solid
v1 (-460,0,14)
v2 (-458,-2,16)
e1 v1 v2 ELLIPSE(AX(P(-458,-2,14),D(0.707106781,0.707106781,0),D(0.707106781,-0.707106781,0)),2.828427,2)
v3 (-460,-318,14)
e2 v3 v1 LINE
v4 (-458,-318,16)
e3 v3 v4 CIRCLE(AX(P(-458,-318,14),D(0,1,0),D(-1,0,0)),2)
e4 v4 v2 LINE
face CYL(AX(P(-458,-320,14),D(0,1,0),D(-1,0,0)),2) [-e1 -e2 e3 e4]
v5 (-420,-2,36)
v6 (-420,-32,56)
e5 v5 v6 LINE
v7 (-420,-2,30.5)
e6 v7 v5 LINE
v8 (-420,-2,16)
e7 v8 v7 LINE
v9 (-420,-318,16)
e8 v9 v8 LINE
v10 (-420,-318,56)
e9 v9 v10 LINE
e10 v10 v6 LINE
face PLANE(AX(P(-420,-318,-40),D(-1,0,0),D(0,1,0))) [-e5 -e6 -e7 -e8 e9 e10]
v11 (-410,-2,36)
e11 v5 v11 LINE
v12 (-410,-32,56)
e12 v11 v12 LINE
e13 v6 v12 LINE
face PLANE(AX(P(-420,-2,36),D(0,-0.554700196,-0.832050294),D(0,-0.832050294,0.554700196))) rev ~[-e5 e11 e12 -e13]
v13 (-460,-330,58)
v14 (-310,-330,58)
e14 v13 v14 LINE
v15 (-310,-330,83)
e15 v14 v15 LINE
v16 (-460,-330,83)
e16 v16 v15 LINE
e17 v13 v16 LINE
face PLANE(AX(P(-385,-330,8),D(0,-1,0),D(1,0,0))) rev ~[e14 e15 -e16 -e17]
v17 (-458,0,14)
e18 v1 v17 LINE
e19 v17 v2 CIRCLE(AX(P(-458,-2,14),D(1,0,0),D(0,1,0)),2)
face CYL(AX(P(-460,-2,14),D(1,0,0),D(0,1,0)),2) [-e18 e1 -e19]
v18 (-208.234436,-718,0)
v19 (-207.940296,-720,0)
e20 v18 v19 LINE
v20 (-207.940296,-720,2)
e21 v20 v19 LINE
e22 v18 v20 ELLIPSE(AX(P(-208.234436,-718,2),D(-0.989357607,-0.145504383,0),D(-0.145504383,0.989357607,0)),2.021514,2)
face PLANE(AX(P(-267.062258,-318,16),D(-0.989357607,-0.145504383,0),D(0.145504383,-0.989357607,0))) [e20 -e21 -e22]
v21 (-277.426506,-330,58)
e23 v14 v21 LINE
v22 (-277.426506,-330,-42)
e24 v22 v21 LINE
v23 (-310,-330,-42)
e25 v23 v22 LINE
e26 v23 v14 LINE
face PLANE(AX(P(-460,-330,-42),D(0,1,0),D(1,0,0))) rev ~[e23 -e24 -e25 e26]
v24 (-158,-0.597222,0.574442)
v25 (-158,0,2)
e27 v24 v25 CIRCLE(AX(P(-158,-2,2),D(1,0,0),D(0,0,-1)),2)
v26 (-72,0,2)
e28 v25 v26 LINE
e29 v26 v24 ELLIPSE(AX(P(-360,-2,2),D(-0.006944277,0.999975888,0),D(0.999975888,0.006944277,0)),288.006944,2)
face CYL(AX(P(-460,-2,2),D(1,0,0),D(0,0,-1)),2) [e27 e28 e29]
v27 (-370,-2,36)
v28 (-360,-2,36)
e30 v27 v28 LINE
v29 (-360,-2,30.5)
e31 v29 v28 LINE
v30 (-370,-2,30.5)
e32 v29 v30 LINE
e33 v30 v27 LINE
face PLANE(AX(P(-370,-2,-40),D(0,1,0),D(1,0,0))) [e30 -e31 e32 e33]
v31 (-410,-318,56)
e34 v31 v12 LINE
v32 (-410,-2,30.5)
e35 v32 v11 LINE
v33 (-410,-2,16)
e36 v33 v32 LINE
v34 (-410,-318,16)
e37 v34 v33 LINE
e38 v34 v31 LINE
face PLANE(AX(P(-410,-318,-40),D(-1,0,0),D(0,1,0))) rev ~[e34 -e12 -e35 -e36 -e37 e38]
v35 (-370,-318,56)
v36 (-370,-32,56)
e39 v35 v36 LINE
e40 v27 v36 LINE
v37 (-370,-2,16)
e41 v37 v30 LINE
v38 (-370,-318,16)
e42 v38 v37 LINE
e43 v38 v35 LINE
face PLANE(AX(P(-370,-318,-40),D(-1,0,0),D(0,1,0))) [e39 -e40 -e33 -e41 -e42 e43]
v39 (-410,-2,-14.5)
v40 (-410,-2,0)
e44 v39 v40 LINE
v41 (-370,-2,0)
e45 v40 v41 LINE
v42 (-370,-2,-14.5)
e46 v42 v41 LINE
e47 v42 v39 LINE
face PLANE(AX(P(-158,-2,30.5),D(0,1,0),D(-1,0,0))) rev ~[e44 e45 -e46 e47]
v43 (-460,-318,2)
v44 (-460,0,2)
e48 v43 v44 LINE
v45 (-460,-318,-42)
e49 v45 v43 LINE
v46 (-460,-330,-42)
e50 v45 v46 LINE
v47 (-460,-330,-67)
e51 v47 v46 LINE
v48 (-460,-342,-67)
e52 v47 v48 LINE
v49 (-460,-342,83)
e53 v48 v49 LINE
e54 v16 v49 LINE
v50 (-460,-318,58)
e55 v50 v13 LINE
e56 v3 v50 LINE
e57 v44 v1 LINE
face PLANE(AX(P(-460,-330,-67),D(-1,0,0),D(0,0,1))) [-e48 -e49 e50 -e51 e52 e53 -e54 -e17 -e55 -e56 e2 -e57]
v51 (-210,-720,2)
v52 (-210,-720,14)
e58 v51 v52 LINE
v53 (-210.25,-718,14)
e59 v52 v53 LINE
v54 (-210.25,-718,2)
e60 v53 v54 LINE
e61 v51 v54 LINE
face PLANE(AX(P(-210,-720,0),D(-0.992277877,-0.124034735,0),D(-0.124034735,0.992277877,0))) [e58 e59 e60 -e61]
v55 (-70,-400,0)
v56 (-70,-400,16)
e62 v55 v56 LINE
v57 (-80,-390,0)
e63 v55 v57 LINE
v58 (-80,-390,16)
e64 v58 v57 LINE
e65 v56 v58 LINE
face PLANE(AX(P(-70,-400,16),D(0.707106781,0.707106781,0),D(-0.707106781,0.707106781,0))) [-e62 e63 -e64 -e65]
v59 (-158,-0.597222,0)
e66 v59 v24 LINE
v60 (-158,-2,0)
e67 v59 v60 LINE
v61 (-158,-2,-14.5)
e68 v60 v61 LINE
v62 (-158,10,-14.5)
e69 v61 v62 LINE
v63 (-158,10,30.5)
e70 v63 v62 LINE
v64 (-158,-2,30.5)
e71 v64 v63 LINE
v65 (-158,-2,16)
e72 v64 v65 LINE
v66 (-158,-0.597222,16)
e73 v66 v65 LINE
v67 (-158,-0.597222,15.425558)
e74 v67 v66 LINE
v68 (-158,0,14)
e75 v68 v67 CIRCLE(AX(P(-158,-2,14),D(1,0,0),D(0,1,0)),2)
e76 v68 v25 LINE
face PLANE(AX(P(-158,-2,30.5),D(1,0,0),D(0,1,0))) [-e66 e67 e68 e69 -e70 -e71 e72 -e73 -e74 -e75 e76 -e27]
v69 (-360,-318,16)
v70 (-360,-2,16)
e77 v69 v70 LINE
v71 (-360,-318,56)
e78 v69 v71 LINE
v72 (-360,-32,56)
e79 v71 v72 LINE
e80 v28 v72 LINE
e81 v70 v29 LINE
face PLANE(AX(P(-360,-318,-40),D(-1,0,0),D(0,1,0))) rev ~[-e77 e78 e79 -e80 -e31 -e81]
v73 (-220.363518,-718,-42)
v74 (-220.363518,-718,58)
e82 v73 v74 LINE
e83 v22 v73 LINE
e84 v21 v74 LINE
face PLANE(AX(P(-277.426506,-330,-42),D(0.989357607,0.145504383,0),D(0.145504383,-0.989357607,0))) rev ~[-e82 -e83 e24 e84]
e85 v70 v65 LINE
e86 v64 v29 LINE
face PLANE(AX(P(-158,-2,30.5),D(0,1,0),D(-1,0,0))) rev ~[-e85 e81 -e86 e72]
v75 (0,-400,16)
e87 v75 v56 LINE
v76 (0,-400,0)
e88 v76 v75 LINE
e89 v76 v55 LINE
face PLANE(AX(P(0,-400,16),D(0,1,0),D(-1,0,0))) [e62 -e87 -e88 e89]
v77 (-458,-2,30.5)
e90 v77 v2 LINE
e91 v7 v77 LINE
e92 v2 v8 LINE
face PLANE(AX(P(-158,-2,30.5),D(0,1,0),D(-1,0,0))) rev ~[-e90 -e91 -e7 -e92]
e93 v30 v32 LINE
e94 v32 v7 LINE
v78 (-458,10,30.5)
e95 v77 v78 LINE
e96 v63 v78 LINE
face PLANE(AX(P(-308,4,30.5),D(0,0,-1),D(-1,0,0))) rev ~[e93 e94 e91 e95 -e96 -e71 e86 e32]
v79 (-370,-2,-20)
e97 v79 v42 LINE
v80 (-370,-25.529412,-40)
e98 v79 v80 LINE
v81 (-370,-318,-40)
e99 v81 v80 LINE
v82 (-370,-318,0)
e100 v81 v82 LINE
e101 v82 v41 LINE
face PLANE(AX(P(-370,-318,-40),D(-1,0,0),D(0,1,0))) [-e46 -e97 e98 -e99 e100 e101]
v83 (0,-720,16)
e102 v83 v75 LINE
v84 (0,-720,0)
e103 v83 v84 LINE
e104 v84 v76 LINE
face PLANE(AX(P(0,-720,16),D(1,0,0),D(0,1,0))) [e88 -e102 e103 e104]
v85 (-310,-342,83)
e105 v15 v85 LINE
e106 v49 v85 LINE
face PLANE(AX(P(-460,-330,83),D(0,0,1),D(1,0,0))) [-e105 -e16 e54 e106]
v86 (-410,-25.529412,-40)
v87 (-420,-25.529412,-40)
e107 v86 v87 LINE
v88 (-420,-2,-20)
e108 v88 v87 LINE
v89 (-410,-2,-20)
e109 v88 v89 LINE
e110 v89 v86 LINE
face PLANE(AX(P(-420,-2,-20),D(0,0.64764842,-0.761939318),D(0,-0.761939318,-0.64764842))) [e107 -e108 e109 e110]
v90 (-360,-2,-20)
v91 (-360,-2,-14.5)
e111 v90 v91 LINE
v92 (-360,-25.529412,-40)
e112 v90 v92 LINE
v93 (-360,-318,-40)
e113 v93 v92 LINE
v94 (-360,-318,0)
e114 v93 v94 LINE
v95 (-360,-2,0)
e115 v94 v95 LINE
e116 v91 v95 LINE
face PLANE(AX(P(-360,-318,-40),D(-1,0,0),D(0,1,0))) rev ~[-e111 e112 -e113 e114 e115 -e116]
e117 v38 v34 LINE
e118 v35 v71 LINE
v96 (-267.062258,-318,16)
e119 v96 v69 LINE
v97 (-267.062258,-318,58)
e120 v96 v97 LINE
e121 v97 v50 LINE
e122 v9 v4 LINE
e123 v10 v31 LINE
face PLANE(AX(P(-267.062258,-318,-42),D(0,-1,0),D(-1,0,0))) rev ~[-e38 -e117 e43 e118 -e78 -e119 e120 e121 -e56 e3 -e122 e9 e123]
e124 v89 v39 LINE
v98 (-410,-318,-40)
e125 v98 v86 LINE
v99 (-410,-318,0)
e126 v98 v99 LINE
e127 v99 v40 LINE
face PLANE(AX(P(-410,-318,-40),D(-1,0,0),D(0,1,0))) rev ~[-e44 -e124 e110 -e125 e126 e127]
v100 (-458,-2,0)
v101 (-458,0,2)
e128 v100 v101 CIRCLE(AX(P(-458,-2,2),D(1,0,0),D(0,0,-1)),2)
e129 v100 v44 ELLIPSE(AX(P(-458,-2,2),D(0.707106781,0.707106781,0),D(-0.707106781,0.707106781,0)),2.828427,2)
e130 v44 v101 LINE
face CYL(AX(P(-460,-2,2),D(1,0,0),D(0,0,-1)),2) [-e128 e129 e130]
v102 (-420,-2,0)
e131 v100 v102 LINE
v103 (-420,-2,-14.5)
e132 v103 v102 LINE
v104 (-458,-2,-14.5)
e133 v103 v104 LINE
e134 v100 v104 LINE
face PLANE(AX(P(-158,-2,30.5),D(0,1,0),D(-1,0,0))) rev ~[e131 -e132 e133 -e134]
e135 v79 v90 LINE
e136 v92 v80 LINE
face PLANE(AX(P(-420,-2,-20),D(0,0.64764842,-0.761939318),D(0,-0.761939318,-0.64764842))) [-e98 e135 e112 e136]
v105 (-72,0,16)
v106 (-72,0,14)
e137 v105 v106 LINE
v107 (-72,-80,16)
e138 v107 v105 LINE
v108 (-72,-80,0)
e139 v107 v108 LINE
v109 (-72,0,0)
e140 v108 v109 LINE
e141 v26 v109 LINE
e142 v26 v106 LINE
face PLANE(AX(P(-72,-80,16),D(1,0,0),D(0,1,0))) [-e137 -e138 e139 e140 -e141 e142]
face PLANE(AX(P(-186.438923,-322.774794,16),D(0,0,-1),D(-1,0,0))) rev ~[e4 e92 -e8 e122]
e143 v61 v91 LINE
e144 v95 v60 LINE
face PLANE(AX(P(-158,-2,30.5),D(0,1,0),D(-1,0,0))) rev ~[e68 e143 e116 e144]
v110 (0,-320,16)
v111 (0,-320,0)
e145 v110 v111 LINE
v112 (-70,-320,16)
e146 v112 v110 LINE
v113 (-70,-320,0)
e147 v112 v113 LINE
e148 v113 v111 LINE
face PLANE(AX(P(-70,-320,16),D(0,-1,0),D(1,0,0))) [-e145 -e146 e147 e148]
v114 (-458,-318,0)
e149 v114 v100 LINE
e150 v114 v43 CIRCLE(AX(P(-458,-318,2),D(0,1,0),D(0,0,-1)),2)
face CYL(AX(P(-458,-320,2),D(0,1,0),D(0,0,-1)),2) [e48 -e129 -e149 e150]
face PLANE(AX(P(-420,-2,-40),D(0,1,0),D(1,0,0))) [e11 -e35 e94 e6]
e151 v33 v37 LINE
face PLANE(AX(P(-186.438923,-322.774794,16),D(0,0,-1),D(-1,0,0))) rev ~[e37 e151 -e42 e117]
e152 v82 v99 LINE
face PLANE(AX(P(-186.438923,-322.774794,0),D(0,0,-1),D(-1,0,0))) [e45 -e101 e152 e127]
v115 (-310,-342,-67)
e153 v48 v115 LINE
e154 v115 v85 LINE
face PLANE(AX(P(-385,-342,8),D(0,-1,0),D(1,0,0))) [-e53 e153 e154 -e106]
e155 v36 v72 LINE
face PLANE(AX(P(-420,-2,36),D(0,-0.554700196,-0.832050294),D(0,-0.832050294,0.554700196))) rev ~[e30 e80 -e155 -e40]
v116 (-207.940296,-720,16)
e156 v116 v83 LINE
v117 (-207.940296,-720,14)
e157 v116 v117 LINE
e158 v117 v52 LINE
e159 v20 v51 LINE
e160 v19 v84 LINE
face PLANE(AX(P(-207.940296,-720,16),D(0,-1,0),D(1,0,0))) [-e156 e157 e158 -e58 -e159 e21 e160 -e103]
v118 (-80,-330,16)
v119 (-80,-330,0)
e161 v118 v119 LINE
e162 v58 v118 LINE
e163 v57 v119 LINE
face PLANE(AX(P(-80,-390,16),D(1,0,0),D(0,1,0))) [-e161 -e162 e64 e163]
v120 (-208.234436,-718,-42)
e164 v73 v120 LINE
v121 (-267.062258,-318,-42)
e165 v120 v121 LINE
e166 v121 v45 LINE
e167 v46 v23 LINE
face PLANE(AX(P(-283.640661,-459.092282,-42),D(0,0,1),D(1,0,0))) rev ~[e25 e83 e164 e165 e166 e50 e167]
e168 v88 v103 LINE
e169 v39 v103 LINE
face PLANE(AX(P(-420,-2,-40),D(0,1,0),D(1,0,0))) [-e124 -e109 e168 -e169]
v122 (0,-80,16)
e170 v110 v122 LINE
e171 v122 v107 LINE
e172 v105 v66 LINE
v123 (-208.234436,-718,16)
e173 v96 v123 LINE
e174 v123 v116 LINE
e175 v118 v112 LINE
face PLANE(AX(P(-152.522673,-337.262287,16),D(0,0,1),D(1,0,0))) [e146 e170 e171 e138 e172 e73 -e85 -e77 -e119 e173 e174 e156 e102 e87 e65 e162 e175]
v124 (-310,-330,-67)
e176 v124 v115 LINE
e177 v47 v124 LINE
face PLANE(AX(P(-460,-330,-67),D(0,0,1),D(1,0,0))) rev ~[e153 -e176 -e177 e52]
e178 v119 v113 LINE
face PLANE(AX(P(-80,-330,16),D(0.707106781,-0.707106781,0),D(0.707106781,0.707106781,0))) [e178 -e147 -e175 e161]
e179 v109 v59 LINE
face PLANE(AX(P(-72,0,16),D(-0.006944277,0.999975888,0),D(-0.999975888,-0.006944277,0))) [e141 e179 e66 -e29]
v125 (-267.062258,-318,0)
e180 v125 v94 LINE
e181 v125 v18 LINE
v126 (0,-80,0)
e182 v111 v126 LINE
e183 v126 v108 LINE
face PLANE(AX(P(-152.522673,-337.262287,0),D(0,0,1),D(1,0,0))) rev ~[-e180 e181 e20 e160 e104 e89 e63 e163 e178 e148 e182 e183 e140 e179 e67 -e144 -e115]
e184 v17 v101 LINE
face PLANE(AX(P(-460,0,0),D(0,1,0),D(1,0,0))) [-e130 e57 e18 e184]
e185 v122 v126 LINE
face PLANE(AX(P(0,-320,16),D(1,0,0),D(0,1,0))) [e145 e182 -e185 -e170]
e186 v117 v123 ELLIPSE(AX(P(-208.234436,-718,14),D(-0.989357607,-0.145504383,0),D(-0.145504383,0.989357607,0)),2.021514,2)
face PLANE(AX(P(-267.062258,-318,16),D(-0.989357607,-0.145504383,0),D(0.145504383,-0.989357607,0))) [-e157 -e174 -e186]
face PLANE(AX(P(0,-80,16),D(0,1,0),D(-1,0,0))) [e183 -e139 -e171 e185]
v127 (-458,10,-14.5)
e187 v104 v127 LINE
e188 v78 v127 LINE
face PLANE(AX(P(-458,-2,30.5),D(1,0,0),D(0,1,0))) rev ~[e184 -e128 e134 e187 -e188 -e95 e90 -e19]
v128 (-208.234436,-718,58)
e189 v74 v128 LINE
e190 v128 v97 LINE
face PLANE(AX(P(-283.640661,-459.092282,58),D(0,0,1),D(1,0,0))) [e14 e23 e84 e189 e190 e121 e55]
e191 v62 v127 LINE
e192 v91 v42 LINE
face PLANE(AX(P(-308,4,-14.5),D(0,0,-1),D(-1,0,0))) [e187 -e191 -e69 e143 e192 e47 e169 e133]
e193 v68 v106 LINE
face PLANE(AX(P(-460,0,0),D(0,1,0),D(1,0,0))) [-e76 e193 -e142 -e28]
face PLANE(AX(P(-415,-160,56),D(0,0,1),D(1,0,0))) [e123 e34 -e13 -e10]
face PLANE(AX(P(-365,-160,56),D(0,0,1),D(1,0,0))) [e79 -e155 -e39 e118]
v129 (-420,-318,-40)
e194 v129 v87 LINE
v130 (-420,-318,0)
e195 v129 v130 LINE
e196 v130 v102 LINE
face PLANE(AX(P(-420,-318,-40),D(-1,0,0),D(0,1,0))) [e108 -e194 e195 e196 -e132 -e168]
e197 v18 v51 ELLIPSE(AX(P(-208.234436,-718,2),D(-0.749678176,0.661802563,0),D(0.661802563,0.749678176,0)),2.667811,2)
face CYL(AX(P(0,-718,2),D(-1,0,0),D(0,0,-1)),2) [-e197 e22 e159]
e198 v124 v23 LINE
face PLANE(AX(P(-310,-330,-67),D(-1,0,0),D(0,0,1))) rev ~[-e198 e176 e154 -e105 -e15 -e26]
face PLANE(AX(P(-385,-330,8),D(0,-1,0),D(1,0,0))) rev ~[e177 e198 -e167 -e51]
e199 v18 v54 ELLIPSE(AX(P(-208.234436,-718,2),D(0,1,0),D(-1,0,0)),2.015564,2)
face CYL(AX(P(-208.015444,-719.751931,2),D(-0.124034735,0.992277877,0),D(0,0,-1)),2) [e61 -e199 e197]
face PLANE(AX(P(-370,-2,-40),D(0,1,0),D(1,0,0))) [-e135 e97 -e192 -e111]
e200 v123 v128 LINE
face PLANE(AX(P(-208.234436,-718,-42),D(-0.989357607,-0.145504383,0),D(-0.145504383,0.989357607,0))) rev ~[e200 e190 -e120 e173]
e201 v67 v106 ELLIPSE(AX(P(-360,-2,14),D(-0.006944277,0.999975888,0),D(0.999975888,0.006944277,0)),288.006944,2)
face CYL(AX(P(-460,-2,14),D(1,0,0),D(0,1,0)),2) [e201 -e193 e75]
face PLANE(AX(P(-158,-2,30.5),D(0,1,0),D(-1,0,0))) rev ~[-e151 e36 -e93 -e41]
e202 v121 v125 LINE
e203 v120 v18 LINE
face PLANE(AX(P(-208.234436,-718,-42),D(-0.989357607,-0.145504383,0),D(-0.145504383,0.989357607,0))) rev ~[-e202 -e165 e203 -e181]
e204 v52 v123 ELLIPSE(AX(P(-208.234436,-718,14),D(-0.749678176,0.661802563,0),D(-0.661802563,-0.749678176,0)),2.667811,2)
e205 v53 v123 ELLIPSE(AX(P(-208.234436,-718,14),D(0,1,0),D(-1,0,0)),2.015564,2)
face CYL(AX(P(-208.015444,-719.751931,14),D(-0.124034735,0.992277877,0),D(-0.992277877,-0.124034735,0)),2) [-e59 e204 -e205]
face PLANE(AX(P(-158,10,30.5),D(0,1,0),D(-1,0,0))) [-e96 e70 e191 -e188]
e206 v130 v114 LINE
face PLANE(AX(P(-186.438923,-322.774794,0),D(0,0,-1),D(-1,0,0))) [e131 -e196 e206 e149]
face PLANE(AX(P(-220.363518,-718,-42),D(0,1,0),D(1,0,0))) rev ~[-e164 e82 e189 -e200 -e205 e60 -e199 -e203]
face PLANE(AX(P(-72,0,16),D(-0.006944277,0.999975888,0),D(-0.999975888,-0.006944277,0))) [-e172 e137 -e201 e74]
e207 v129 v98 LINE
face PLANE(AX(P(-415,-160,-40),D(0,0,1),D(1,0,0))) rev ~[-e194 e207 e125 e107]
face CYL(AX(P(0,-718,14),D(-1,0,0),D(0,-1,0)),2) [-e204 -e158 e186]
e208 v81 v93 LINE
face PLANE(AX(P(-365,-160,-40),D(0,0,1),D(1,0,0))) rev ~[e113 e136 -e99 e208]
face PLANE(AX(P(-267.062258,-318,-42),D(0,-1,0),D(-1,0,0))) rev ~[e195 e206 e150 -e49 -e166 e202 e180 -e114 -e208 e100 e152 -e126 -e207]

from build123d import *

# Parameters (mm, degrees)
SKETCH_1_R           = 13
SKETCH_1_R_2         = 37.5
EXTRUDE_1417_DEPTH   = 16
FILLET_1_R           = 2
FILLET_2_R           = 2
EXTRUDE_2_DEPTH      = 40
EXTRUDE_2_DEPTH_BACK = 56
SKETCH_3_W           = 10
SKETCH_3_H           = 316
CUT_EXTRUDE_1_DEPTH  = 836.425640018
CUT_EXTRUDE_2_DEPTH  = 836.425640018
EXTRUDE_5_DEPTH      = 42
EXTRUDE_5_DEPTH_BACK = 58
EXTRUDE_6_DEPTH      = 14.5
EXTRUDE_6_DEPTH_BACK = 30.5
SKETCH_7_W           = 300
SKETCH_7_H           = 12
SKETCH_8_W           = 150
SKETCH_8_H           = 150
EXTRUDE_7_DEPTH      = 12
EXTRUDE_8_DEPTH      = 16


with BuildPart() as part:
    # 草图1 → Extrude 1417 (new body)
    with BuildSketch(Plane.XY):
        with BuildLine():
            Line((0, -320), (-70, -320))
            ThreePointArc((-70, -320), (-77.071067812, -322.928932188), (-80, -330))
            Line((-80, -330), (-80, -390))
            ThreePointArc((-80, -390), (-77.071067812, -397.071067812), (-70, -400))
            Line((-70, -400), (0, -400))
            Line((0, -400), (0, -720))
            Line((0, -720), (-210, -720))
            Line((-210, -720), (-259.124034735, -327.007722123))
            ThreePointArc((-259.124034735, -327.007722123), (-261.767837242, -322.002574593), (-267.062257748, -320))
            Line((-267.062257748, -320), (-460, -320))
            Line((-460, -320), (-460, 0))
            Line((-460, 0), (-72, 0))
            Line((-72, 0), (-72, -80))
            Line((-72, -80), (0, -80))
            Line((0, -80), (0, -320))
        make_face()
        with Locations((-112, -40)):
            Circle(SKETCH_1_R, mode=Mode.SUBTRACT)
        with Locations((-112, -120)):
            Circle(SKETCH_1_R, mode=Mode.SUBTRACT)
        with Locations((-112, -200)):
            Circle(SKETCH_1_R, mode=Mode.SUBTRACT)
        with Locations((-112, -280)):
            Circle(SKETCH_1_R, mode=Mode.SUBTRACT)
        with Locations((-40, -160)):
            Circle(SKETCH_1_R, mode=Mode.SUBTRACT)
        with Locations((-40, -240)):
            Circle(SKETCH_1_R, mode=Mode.SUBTRACT)
        with Locations((-40, -680)):
            Circle(SKETCH_1_R, mode=Mode.SUBTRACT)
        with Locations((-40, -600)):
            Circle(SKETCH_1_R, mode=Mode.SUBTRACT)
        with Locations((-40, -520)):
            Circle(SKETCH_1_R, mode=Mode.SUBTRACT)
        with Locations((-112, -640)):
            Circle(SKETCH_1_R, mode=Mode.SUBTRACT)
        with Locations((-112, -560)):
            Circle(SKETCH_1_R, mode=Mode.SUBTRACT)
        with Locations((-112, -480)):
            Circle(SKETCH_1_R, mode=Mode.SUBTRACT)
        with Locations((-260, -110)):
            Circle(SKETCH_1_R_2, mode=Mode.SUBTRACT)
    extrude(amount=EXTRUDE_1417_DEPTH)

    # 圆角1
    fillet_1_edges = [part.edges().sort_by_distance(p)[0] for p in [
        (-105, -720, 16),
        (0, -560, 16),
        (-35, -400, 16),
        (-77.071067812, -397.071067812, 16),
        (-80, -360, 16),
        (-77.071067812, -322.928932188, 16),
        (-35, -320, 16),
        (0, -200, 16),
        (-36, -80, 16),
        (-125, -40, 16),
        (-72, -40, 16),
        (-261.767837242, -322.002574593, 16),
        (-266, 0, 16),
        (-125, -120, 16),
        (-460, -160, 16),
        (-125, -200, 16),
        (-363.531128874, -320, 16),
        (-125, -280, 16),
        (-53, -160, 16),
        (-53, -240, 16),
        (-53, -680, 16),
        (-53, -600, 16),
        (-53, -520, 16),
        (-234.562017367, -523.503861062, 16),
        (-125, -640, 16),
        (-125, -560, 16),
        (-125, -480, 16),
        (-297.5, -110, 16),
    ]]
    fillet(fillet_1_edges, radius=FILLET_1_R)

    # 圆角2
    fillet_2_edges = [part.edges().sort_by_distance(p)[0] for p in [
        (-363.531128874, -320, 0),
        (-460, -160, 0),
        (-266, 0, 0),
        (-72, -40, 0),
        (-36, -80, 0),
        (0, -200, 0),
        (-35, -320, 0),
        (-77.071067812, -322.928932188, 0),
        (-80, -360, 0),
        (-77.071067812, -397.071067812, 0),
        (-35, -400, 0),
        (0, -560, 0),
        (-105, -720, 0),
        (-234.562017367, -523.503861062, 0),
        (-261.767837242, -322.002574593, 0),
        (-125, -40, 0),
        (-125, -120, 0),
        (-125, -200, 0),
        (-125, -280, 0),
        (-53, -160, 0),
        (-53, -240, 0),
        (-53, -680, 0),
        (-53, -600, 0),
        (-53, -520, 0),
        (-125, -640, 0),
        (-125, -560, 0),
        (-125, -480, 0),
        (-297.5, -110, 0),
    ]]
    fillet(fillet_2_edges, radius=FILLET_2_R)

    # 草图3 → 凸台-拉伸2 (add, two sides: drawn at the far end of the back side and taken through both)
    with BuildSketch(Plane.XY.offset(16).offset(-EXTRUDE_2_DEPTH_BACK)):
        with Locations((-415, -160)):
            Rectangle(SKETCH_3_W, SKETCH_3_H)
        with Locations((-365, -160)):
            Rectangle(SKETCH_3_W, SKETCH_3_H)
    extrude(amount=EXTRUDE_2_DEPTH + EXTRUDE_2_DEPTH_BACK)

    # 草图4 → 切除-拉伸1 (cut, through all)
    with BuildSketch(Plane.ZY.offset(420)):
        Polygon((-20, -2), (-45.5, -32), (-45.5, -2), align=None)
    extrude(amount=-CUT_EXTRUDE_1_DEPTH, mode=Mode.SUBTRACT)

    # 草图5 → 切除-拉伸2 (cut, through all)
    with BuildSketch(Plane.ZY.offset(420)):
        Polygon((36, -2), (56, -32), (56, -2), align=None)
    extrude(amount=-CUT_EXTRUDE_2_DEPTH, mode=Mode.SUBTRACT)

    # 草图6 → 凸台-拉伸5 (add, two sides: drawn at the far end of the back side and taken through both)
    with BuildSketch(Plane.XY.offset(16).offset(-EXTRUDE_5_DEPTH_BACK)):
        Polygon((-267.062257748, -318), (-460, -318), (-460, -330), (-277.426505546, -330), (-220.363518026, -718), (-208.234435563, -718), align=None)
    extrude(amount=EXTRUDE_5_DEPTH + EXTRUDE_5_DEPTH_BACK)

    # 草图7 → 凸台-拉伸6 (add, two sides: drawn at the far end of the back side and taken through both)
    with BuildSketch(Plane(origin=(0, 0, 0), x_dir=(-1, 0, 0), z_dir=(0, 0, -1)).offset(-EXTRUDE_6_DEPTH_BACK)):
        with Locations((308, 4)):
            Rectangle(SKETCH_7_W, SKETCH_7_H)
    extrude(amount=EXTRUDE_6_DEPTH + EXTRUDE_6_DEPTH_BACK)

    # 草图8 → 凸台-拉伸7 (add)
    with BuildSketch(Plane.XZ.offset(330)):
        with Locations((-385, 8)):
            Rectangle(SKETCH_8_W, SKETCH_8_H)
    extrude(amount=EXTRUDE_7_DEPTH)

    # 草图9 → 凸台-拉伸8 (add)
    with BuildSketch(Plane.XY.offset(16)):
        Polygon((0, -720), (0, -400), (-70, -400), (-80, -390), (-80, -330), (-70, -320), (0, -320), (0, -80), (-72, -80), (-72, 0), (-360, -2), (-360, -318), (-267.062257748, -318), (-207.940296452, -720), align=None)
    extrude(amount=-EXTRUDE_8_DEPTH)


solid = part.part
